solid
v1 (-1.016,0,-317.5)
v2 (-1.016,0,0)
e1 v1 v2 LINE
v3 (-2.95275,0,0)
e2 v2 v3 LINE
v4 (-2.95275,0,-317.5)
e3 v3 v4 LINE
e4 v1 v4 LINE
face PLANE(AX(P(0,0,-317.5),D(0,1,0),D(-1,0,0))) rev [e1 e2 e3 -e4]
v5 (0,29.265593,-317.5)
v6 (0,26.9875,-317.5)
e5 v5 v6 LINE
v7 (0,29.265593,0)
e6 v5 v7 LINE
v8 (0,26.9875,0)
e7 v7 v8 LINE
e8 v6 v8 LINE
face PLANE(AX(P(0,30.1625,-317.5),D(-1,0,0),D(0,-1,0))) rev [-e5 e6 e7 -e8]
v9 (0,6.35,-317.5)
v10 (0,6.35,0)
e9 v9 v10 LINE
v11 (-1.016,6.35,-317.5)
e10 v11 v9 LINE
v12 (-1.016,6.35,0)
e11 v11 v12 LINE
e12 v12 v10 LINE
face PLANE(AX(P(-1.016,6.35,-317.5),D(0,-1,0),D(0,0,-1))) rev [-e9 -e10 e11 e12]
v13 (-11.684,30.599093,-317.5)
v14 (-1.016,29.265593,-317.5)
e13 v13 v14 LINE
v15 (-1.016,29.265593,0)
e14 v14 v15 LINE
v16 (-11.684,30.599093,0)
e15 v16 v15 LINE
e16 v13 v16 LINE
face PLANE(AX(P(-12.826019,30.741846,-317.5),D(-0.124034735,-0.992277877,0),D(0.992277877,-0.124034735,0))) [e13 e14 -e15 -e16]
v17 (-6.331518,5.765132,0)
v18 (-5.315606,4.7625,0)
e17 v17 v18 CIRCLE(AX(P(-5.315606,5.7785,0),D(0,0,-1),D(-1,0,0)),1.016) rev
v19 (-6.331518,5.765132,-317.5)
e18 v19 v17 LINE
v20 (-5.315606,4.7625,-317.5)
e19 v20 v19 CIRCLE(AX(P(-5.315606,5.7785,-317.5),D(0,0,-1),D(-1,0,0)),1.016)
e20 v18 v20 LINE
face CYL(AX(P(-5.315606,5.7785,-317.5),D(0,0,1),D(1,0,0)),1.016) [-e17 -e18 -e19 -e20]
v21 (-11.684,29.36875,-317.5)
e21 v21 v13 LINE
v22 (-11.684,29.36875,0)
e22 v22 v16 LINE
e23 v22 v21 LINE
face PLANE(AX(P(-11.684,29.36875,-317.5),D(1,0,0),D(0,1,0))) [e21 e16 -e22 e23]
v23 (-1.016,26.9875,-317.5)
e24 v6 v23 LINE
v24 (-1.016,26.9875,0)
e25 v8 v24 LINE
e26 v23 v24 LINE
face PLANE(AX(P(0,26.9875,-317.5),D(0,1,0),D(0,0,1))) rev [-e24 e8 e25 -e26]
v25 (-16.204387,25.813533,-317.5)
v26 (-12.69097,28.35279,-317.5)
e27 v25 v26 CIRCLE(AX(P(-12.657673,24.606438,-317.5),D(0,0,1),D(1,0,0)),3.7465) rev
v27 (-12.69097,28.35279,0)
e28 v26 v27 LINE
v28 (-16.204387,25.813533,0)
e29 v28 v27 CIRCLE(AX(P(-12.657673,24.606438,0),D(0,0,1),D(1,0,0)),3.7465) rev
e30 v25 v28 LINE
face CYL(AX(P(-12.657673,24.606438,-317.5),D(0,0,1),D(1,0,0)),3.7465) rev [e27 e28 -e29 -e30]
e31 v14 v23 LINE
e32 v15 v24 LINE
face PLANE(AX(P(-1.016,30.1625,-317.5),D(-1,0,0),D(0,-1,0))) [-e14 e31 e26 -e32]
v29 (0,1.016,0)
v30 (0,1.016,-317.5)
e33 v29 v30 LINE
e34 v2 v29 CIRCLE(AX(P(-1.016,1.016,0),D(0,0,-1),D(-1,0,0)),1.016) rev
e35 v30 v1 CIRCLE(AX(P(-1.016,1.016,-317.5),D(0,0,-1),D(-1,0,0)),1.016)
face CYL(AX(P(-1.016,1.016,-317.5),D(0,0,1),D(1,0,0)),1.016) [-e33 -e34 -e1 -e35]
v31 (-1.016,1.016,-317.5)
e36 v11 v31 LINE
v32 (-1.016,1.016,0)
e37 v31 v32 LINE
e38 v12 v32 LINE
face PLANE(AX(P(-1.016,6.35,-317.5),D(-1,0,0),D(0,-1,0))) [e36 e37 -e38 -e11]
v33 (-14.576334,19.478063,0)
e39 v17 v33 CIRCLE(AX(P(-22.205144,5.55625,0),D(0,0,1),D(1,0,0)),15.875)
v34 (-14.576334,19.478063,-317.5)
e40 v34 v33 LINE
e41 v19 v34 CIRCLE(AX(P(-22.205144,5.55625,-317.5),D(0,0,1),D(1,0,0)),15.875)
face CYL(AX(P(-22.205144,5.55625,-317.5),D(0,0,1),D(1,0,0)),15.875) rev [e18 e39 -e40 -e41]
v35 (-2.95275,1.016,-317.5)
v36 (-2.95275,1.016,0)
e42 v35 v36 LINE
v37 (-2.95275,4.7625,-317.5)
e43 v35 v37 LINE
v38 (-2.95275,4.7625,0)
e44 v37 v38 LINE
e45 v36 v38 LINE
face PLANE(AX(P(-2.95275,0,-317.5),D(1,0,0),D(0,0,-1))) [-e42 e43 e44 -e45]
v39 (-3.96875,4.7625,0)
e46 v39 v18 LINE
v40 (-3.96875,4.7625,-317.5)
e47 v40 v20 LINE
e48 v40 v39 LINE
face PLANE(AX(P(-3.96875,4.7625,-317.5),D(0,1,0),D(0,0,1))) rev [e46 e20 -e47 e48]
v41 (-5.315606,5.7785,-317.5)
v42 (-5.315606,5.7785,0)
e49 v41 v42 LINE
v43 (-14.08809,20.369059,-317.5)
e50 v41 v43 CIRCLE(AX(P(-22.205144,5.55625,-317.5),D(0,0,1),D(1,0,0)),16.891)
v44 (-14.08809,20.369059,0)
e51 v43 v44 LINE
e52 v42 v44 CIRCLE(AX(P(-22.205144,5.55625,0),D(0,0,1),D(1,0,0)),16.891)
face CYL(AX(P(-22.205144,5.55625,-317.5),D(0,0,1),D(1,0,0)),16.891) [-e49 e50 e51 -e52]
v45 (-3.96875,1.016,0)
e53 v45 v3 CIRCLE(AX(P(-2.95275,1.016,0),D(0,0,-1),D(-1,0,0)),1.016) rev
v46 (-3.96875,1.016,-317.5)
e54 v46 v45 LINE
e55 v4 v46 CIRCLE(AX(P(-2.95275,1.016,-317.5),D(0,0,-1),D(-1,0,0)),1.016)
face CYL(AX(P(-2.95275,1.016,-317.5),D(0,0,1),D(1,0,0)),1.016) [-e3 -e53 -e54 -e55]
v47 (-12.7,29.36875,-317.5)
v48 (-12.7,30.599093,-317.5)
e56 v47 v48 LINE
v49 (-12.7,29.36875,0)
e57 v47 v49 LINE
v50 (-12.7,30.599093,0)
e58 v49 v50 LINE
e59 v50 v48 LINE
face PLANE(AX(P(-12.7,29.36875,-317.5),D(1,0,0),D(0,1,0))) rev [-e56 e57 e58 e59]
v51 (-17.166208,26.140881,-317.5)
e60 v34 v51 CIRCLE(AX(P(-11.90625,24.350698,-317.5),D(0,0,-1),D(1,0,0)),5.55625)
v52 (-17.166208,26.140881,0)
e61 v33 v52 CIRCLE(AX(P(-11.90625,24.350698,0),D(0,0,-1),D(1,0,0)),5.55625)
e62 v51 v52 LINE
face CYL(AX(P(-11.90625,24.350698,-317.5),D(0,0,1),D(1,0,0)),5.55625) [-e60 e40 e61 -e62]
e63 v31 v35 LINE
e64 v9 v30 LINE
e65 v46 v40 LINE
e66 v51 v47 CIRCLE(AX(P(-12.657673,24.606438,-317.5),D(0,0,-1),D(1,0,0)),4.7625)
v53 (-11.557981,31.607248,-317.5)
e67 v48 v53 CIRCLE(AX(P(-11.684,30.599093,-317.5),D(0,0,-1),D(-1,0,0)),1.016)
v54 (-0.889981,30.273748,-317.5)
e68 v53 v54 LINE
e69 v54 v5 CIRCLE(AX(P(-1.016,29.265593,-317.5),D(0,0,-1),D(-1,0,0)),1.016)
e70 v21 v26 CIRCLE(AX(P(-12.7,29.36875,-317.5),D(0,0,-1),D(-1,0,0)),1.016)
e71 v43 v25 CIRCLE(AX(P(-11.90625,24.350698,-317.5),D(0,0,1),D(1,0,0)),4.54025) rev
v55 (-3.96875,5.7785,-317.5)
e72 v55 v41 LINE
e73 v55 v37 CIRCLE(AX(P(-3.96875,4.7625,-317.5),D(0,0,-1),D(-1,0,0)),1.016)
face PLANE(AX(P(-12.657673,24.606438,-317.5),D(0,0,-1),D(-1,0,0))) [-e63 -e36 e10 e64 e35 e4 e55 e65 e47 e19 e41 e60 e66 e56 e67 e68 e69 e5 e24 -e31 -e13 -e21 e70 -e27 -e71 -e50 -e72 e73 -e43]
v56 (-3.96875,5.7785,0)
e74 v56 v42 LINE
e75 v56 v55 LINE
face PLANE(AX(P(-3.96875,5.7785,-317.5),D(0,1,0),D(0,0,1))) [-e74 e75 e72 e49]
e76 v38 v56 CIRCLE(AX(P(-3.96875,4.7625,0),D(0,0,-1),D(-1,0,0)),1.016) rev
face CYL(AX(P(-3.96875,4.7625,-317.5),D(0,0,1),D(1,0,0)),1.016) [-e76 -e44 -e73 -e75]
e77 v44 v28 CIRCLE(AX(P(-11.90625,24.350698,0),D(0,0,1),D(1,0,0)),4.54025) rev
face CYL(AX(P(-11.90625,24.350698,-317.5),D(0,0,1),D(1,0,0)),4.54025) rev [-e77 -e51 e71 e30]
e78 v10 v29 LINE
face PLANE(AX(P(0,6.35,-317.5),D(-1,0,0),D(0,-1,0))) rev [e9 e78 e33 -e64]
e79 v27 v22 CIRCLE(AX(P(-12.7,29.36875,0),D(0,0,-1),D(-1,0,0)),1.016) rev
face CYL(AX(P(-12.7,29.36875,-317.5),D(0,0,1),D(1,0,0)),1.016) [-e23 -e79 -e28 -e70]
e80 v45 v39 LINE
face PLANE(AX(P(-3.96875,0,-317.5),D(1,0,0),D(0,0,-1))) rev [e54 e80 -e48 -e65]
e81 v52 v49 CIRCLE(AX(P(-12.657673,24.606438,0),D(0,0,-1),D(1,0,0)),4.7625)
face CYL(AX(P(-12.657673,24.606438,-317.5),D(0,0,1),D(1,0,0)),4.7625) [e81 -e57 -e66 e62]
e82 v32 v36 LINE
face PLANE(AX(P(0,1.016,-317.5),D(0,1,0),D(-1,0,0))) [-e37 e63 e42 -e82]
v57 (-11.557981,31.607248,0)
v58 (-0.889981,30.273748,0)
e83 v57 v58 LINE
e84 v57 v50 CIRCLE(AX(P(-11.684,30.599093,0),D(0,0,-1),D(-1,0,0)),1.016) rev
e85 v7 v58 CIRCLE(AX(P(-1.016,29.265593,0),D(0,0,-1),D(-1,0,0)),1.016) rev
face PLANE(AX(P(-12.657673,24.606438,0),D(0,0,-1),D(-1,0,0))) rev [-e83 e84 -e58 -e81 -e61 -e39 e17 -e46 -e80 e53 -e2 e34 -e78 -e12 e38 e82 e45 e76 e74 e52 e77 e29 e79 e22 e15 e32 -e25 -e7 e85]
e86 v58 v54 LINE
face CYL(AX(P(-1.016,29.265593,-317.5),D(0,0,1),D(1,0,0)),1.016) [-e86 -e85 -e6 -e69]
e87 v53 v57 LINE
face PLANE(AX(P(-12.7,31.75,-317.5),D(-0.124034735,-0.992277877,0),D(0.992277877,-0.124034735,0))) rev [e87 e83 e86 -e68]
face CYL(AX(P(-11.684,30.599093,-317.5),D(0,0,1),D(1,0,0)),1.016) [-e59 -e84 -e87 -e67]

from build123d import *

# Parameters (mm, degrees)
EXTRUDE_THIN1_DEPTH = 317.5
FILLET1_R           = 1.016


with BuildPart() as part:
    # Sketch1 → Extrude-Thin1 (new body)
    with BuildSketch(Plane.XY):
        with BuildLine():
            Line((0, 6.35), (0, 0))
            Line((0, 0), (-3.96875, 0))
            Line((-3.96875, 0), (-3.96875, 4.7625))
            Line((-3.96875, 4.7625), (-6.35, 4.7625))
            ThreePointArc((-6.35, 4.7625), (-8.34834139, 13.302516912), (-14.576333586, 19.478063073))
            ThreePointArc((-14.576333586, 19.478063073), (-17.085021571, 22.337680243), (-17.166208015, 26.140880807))
            ThreePointArc((-17.166208015, 26.140880807), (-15.447363075, 28.466364673), (-12.7, 29.36875))
            Line((-12.7, 29.36875), (-12.7, 31.75))
            Line((-12.7, 31.75), (0, 30.1625))
            Line((0, 30.1625), (0, 26.9875))
            Line((0, 26.9875), (-1.016, 26.9875))
            Line((-1.016, 26.9875), (-1.016, 29.265593266))
            Line((-1.016, 29.265593266), (-11.684, 30.599093266))
            Line((-11.684, 30.599093266), (-11.684, 28.224203151))
            ThreePointArc((-11.684, 28.224203151), (-14.420615811, 27.912235037), (-16.204387121, 25.813533029))
            ThreePointArc((-16.204387121, 25.813533029), (-16.138046198, 22.705774854), (-14.08808973, 20.369059109))
            ThreePointArc((-14.08808973, 20.369059109), (-7.729180549, 14.259833631), (-5.315606066, 5.7785))
            Line((-5.315606066, 5.7785), (-2.95275, 5.7785))
            Line((-2.95275, 5.7785), (-2.95275, 1.016))
            Line((-2.95275, 1.016), (-1.016, 1.016))
            Line((-1.016, 1.016), (-1.016, 6.35))
            Line((-1.016, 6.35), (0, 6.35))
        make_face()
    extrude(amount=-EXTRUDE_THIN1_DEPTH)

    # Fillet1
    fillet1_edges = [part.edges().sort_by_distance(p)[0] for p in [
        (-11.684, 28.224203151, -158.75),
        (-2.95275, 5.7785, -158.75),
        (0, 0, -158.75),
        (-3.96875, 0, -158.75),
        (-6.35, 4.7625, -158.75),
        (-12.7, 31.75, -158.75),
        (0, 30.1625, -158.75),
    ]]
    fillet(fillet1_edges, radius=FILLET1_R)


solid = part.part
